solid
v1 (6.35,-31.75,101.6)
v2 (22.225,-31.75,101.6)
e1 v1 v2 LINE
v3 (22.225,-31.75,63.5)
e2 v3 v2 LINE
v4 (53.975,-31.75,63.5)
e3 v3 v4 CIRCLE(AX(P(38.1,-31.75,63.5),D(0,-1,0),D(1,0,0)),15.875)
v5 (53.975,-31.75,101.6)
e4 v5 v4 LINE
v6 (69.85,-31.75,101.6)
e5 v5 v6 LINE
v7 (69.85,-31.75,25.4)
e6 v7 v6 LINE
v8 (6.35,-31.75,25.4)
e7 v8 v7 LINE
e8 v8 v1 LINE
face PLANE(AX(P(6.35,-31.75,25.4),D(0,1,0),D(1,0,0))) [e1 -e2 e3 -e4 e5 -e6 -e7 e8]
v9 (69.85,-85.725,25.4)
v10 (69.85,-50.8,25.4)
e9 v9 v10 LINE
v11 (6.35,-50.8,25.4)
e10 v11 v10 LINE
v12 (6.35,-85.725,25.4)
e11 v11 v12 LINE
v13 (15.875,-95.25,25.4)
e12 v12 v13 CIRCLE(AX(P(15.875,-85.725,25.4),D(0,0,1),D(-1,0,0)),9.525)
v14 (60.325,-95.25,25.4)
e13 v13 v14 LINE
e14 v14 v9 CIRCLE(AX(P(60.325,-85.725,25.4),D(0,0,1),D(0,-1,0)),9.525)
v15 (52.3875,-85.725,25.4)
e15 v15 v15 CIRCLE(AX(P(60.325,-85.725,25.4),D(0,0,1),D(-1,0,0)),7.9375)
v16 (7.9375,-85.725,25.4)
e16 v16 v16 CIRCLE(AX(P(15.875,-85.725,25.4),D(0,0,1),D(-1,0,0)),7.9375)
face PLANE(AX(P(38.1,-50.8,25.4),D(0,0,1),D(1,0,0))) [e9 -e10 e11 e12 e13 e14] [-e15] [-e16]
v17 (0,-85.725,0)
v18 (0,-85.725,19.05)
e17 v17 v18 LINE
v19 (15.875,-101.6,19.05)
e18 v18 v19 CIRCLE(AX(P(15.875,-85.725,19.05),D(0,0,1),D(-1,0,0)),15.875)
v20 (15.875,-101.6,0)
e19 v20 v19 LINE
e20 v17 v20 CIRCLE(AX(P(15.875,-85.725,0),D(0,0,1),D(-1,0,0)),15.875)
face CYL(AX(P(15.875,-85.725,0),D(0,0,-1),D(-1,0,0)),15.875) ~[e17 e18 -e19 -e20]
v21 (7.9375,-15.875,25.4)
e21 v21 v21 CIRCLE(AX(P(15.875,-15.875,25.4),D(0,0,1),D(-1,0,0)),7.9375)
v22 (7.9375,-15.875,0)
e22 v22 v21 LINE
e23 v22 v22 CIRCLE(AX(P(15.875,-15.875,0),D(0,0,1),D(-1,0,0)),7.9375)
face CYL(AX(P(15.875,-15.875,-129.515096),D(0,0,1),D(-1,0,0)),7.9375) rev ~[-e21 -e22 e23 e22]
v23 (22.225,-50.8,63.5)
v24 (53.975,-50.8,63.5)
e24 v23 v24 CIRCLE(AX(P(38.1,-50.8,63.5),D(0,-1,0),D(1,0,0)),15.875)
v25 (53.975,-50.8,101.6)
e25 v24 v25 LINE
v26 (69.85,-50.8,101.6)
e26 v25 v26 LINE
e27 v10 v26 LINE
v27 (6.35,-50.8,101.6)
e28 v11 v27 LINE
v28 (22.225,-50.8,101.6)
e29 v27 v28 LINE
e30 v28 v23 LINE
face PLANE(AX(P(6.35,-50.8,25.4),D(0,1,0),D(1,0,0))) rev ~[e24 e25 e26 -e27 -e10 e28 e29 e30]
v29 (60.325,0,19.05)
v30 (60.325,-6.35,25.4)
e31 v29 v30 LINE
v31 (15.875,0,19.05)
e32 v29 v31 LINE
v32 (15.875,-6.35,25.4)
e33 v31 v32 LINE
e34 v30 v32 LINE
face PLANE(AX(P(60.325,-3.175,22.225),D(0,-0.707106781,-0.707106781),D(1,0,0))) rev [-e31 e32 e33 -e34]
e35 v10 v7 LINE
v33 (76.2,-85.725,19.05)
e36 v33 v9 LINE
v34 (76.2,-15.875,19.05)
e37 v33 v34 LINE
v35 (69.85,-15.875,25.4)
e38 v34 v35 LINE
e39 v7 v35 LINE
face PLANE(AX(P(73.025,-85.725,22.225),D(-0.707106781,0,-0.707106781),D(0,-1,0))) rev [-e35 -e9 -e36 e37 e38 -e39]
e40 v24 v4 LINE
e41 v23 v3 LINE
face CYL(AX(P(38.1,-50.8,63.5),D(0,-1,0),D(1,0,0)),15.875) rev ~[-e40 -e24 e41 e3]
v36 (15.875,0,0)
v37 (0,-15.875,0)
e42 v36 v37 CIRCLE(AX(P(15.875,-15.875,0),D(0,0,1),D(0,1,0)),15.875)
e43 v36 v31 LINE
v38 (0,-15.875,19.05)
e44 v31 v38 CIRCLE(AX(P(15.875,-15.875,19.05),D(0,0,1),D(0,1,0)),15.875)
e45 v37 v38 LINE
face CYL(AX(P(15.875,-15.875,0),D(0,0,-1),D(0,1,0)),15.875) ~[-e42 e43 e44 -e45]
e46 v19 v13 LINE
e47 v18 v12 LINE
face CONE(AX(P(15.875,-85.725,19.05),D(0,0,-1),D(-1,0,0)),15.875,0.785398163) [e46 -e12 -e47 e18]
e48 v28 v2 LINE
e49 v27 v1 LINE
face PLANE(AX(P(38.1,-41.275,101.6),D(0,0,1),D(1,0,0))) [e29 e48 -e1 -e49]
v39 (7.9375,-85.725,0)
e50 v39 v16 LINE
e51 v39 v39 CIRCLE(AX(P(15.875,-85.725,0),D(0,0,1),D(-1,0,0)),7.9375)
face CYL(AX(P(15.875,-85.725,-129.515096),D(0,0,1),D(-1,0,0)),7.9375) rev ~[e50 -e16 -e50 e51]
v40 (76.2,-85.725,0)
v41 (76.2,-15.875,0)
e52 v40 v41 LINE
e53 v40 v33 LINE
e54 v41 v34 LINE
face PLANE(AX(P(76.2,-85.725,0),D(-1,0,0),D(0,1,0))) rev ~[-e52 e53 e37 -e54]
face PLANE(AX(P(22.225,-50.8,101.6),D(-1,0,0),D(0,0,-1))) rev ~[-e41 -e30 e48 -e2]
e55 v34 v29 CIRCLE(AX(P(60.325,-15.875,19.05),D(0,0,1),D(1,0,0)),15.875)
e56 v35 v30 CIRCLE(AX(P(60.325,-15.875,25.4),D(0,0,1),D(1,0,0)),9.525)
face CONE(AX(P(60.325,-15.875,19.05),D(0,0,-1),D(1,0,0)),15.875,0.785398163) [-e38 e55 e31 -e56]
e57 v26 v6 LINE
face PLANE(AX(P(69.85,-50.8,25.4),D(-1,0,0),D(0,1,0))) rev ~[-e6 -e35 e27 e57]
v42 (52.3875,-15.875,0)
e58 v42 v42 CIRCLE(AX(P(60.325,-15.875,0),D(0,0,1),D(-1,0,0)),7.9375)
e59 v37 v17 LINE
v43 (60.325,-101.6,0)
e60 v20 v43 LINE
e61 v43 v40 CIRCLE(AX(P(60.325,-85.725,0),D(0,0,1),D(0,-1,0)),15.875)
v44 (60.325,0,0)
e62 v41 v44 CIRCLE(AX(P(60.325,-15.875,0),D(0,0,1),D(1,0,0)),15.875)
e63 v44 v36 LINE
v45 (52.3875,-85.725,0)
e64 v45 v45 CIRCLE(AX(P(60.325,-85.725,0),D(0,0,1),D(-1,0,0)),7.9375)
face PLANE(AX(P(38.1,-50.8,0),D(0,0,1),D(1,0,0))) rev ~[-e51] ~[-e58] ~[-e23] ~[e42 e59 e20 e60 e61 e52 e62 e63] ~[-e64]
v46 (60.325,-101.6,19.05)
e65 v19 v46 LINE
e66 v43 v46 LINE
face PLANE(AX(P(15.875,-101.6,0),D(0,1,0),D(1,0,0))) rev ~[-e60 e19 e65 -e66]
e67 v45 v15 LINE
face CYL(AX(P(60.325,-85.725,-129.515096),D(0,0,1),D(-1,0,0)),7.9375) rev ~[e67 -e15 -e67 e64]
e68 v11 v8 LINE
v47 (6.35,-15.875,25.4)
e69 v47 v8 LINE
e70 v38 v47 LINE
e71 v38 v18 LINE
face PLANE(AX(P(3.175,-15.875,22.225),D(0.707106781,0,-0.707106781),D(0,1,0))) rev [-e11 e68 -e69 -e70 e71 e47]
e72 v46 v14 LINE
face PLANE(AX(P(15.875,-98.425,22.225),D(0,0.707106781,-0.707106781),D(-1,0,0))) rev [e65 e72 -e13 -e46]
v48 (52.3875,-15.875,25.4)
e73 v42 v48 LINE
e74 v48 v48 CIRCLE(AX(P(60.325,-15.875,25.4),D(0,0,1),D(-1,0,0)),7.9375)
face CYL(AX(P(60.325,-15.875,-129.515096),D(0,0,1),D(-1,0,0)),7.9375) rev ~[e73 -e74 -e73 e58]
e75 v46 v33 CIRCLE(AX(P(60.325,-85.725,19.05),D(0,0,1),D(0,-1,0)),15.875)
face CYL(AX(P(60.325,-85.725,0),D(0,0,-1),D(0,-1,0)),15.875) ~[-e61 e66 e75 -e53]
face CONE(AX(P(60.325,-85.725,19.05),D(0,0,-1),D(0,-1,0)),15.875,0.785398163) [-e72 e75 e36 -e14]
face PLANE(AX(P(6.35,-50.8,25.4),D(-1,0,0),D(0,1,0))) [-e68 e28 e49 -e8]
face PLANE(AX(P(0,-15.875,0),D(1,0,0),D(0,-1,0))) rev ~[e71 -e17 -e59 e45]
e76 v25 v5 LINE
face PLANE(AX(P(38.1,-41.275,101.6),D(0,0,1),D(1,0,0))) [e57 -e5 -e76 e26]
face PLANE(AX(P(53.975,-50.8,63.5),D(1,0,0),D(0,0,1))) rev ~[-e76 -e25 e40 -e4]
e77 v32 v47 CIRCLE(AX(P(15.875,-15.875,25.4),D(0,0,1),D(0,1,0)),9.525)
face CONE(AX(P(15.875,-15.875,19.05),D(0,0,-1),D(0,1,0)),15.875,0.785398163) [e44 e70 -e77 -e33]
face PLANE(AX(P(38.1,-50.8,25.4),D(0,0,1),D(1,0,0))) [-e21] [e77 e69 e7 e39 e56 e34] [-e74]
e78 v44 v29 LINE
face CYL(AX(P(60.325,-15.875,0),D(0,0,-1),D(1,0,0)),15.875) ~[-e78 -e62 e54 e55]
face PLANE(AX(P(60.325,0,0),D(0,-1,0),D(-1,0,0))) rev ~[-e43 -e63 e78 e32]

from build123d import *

# Parameters (mm, degrees)
F1_DEPTH = 25.4
F2_D     = 15.875
F3_SIZE  = 6.35
F4_W     = 63.5
F4_H     = 19.05
F5_DEPTH = 76.2
F7_DEPTH = 25.4


with BuildPart() as f1:
    # F0 (on Top) → F1 (new body)
    with BuildSketch(Plane.XY):
        with BuildLine():
            Line((60.325, 0), (15.875, 0))
            ThreePointArc((15.875, 0), (4.6496798487, -4.6496798487), (0, -15.875))
            Line((0, -15.875), (0, -85.725))
            ThreePointArc((0, -85.725), (4.6496798487, -96.9503201513), (15.875, -101.6))
            Line((15.875, -101.6), (60.325, -101.6))
            ThreePointArc((60.325, -101.6), (71.5503201513, -96.9503201513), (76.2, -85.725))
            Line((76.2, -85.725), (76.2, -15.875))
            ThreePointArc((76.2, -15.875), (71.5503201513, -4.6496798487), (60.325, 0))
        make_face()
    extrude(amount=F1_DEPTH)

    # F2 (through all)
    with Locations(Plane(origin=(0, 0, 0), x_dir=(1, 0, 0), z_dir=(0, 0, -1))):
        with Locations((15.875, 15.875), (60.325, 15.875), (60.325, 85.725), (15.875, 85.725)):
            Hole(F2_D / 2)

    # F3
    f3_edges = [f1.edges().sort_by_distance(p)[0] for p in [
        (4.64968, -4.64968, 25.4),
    ]]
    chamfer(f3_edges, length=F3_SIZE)

    # F4 (on face) → F5 (join)
    with BuildSketch(Plane.XY.offset(25.4)):
        with Locations((38.1, -41.275)):
            Rectangle(F4_W, F4_H)
    extrude(amount=F5_DEPTH)

    # F6 (on face) → F7 (cut)
    with BuildSketch(Plane.XZ.offset(50.8)):
        with BuildLine():
            Line((53.975, 63.5), (53.975, 101.6))
            Line((53.975, 101.6), (22.225, 101.6))
            Line((22.225, 101.6), (22.225, 63.5))
            ThreePointArc((22.225, 63.5), (38.1, 79.375), (53.975, 63.5))
        make_face()
        with BuildLine():
            ThreePointArc((22.225, 63.5), (38.1, 47.625), (53.975, 63.5))
            ThreePointArc((53.975, 63.5), (38.1, 79.375), (22.225, 63.5))
        make_face()
    extrude(amount=-F7_DEPTH, mode=Mode.SUBTRACT)


solid = f1.part
